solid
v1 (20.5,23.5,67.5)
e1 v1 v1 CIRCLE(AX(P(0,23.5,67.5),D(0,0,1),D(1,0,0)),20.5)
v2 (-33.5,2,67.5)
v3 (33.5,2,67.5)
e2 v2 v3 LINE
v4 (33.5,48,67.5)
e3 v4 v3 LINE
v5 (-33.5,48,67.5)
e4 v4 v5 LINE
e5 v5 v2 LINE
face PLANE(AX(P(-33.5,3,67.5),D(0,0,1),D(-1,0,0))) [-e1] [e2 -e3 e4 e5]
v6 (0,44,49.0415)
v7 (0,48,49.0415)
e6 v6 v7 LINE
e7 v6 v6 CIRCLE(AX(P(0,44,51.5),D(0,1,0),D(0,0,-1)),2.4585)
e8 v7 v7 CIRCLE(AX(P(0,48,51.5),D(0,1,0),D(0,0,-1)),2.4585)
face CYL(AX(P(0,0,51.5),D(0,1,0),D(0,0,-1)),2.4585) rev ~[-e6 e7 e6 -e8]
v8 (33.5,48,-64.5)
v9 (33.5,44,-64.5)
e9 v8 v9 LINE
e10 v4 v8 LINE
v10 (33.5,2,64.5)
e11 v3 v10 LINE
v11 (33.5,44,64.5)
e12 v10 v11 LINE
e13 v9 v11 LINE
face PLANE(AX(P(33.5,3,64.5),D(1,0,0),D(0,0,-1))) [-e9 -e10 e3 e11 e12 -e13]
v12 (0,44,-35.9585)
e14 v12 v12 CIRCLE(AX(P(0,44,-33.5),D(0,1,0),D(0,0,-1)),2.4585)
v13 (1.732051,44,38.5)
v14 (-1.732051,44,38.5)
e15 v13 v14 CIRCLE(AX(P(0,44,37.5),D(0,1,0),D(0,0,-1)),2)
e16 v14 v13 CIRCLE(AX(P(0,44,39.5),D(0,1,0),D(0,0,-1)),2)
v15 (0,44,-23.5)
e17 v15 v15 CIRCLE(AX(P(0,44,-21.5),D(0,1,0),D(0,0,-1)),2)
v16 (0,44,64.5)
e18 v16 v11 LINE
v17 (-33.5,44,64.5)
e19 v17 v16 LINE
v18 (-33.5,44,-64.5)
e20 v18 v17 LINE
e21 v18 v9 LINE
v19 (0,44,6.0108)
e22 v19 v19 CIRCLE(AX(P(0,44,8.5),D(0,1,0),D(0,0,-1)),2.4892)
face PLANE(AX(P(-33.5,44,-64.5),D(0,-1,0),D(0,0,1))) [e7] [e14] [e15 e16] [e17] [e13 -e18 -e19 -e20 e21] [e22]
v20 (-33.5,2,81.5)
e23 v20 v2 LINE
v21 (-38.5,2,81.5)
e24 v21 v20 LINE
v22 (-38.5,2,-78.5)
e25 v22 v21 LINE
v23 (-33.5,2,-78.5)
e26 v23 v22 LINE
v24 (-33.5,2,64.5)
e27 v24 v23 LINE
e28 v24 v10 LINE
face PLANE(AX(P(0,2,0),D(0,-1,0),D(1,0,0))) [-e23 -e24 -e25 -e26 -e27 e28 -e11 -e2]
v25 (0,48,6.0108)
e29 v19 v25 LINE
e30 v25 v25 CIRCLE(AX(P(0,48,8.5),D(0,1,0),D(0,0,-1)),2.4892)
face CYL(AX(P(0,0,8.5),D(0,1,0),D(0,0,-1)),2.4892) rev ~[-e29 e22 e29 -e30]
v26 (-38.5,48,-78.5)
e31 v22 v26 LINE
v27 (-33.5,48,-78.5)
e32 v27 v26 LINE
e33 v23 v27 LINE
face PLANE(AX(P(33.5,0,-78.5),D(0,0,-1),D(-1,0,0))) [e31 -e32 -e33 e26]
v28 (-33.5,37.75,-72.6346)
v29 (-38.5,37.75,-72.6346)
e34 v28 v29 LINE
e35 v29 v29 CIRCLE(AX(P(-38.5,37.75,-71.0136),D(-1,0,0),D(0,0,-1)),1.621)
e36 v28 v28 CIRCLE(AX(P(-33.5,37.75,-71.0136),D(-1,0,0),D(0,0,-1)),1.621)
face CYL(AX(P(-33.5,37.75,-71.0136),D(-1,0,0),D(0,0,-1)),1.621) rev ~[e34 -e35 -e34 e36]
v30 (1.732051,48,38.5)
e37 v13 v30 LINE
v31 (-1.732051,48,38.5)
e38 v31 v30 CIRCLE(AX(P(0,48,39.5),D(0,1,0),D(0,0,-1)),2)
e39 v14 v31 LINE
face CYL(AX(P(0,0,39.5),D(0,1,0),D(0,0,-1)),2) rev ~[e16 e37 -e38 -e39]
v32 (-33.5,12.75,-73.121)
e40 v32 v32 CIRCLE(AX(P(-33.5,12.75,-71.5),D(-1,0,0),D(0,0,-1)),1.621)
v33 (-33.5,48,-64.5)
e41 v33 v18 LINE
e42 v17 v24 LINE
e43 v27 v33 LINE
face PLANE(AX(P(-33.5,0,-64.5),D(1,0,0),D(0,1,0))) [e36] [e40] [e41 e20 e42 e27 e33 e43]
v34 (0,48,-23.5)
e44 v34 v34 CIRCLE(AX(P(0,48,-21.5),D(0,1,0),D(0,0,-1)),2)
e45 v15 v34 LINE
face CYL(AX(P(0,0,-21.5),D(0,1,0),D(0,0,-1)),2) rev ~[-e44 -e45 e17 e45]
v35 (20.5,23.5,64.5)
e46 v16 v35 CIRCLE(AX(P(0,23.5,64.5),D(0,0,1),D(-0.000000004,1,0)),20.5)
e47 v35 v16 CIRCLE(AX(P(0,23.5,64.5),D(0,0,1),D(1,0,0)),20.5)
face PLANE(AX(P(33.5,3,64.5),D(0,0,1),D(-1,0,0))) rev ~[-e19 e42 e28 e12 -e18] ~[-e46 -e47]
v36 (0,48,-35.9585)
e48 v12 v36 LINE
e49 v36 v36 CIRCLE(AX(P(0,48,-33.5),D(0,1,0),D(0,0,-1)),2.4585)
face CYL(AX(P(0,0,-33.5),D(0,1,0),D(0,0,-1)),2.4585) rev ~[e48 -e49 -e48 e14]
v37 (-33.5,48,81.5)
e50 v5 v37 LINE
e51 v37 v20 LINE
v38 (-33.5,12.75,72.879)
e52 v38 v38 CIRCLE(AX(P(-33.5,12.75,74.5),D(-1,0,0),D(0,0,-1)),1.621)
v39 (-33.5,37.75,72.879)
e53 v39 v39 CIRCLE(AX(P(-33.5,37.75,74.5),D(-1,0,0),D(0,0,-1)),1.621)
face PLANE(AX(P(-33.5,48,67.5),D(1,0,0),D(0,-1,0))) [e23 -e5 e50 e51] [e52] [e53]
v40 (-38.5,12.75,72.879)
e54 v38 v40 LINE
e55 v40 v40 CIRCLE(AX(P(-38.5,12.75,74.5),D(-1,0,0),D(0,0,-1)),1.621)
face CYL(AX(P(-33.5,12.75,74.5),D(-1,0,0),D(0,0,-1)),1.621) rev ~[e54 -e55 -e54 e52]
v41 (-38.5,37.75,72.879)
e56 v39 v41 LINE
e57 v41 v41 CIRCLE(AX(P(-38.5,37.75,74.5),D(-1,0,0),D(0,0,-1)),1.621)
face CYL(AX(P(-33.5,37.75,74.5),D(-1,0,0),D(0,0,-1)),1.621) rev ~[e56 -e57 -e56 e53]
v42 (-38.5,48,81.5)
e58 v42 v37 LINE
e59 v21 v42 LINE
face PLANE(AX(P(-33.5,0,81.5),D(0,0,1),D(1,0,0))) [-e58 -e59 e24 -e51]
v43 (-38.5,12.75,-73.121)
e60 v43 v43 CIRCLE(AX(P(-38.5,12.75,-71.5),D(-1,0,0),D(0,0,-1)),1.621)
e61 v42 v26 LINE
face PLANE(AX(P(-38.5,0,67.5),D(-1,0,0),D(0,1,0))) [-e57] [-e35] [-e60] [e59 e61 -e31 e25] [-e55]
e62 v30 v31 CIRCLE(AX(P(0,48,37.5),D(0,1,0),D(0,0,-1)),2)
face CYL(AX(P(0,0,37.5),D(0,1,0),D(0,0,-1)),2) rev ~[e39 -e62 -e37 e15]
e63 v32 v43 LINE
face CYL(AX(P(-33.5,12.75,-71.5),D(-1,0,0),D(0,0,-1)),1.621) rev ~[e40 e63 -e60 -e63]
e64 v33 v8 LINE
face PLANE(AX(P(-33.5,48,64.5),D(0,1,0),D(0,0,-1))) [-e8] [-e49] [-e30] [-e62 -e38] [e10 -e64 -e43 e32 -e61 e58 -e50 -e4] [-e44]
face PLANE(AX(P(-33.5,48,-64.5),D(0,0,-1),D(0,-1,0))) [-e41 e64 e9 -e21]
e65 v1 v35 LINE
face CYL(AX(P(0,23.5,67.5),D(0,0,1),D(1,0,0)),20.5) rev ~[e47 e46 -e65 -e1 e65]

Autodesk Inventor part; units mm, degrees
ref_plane "YZ Plane" through (0, 0, 0) normal (1, 0, 0) x (0, 1, 0)
ref_plane "XZ Plane" through (0, 0, 0) normal (0, 1, 0) x (-1, 0, 0)
ref_plane "XY Plane" through (0, 0, 0) normal (0, 0, 1) x (1, 0, 0)
sketch "Sketch1" plane through (0, 0, 0) normal (0, 1, 0) x (-1, 0, 0)
  line L0 (33.5, 64.5) -> (-33.5, 64.5)
  line L1 (-33.5, 64.5) -> (-33.5, -64.5)
  line L2 (-33.5, -64.5) -> (33.5, -64.5)
  line L3 (33.5, -64.5) -> (33.5, 64.5)
  line L4 (33.5, 64.5) -> (-33.5, -64.5) construction
  line L5 (-33.5, 64.5) -> (33.5, -64.5) construction
  point P0 (0, 0)
  dimension "d0" = 67
  dimension "d1" = 129
extrude "Extrusion1" add sketch "Sketch1" along normal blind 3
sketch "Sketch2" plane through (0, 0, 0) normal (0, -1, 0) x (1, 0, 0)
  circle A0 centre (0, 51.5) radius 3
  line L0 (-2, 39.5) -> (-2, 37.5)
  line L1 (2, 37.5) -> (2, 39.5)
  circle A1 centre (0, 8.5) radius 3.487
  circle A2 centre (0, -21.5) radius 2
  circle A3 centre (0, -33.5) radius 3
  arc A4 (2, 39.5) -> (-2, 39.5) centre (0, 39.5) ccw
  arc A5 (-2, 37.5) -> (2, 37.5) centre (0, 37.5) ccw
  line L2 (-33.5, 64.5) -> (33.5, 64.5) projected
  point P0 (0, 0)
  point P1 (2, 38.5)
  point P2 (-2, 38.5)
  dimension "d4" = 6
  dimension "d7" = 4
  dimension "d8" = 6
  dimension "d9" = 13
  dimension "d10" = 56
  dimension "d11" = 26
  dimension "d12" = 60
  dimension "d13" = 85
hole "Hole1" at (0, 0, 51.5) at (0, 0, -33.5) direction (0, 1, 0) diameter 4.917 depth 17.1 thread size "M6x1" class "6H" standard "ANSI Metric M Profile"
hole "Hole2" at (0, 0, -21.5) at (0, 0, 39.5) at (0, 0, 37.5) direction (0, 1, 0) diameter 4 depth 17.1
hole "Hole3" at (0, 0, 8.5) direction (0, 1, 0) diameter 4.9784 depth 19.05 thread size "1/4-20 UNC" class "2B" standard "ANSI Unified Screw Threads"
sketch "Sketch3" plane through (-33.5, 0, 64.5) normal (0, 0, 1) x (1, 0, 0)
  line L0 (0, 3) -> (67, 3) projected
  line L1 (0, 3) -> (67, 3)
  line L2 (67, 3) -> (67, 0)
  line L3 (67, 0) -> (0, 0)
  line L4 (0, 0) -> (0, 3)
  point P0 (33.5, 0)
extrude "Extrusion2" add sketch "Sketch3" along normal blind 3
sketch "Sketch4" plane through (0, 3, 0) normal (0, 1, 0) x (1, 0, 0)
  line L0 (-33.5, 64.5) -> (-33.5, -67.5) projected
  line L1 (33.5, 64.5) -> (33.5, -67.5) projected
  line L2 (-33.5, -67.5) -> (33.5, -67.5)
  line L3 (33.5, -67.5) -> (33.5, -64.5)
  line L4 (33.5, -64.5) -> (-33.5, -64.5)
  line L5 (-33.5, -64.5) -> (-33.5, -67.5)
  point P0 (0, 0)
  point P1 (-33.5, -64.5)
  dimension "d37" = 3
extrude "Extrusion3" add sketch "Sketch4" along normal blind 45
sketch "Sketch5" plane through (-33.5, 0, 67.5) normal (0, 0, 1) x (1, 0, 0)
  circle A0 centre (33.5, 23.5) radius 20.5
  line L0 (0, 0) -> (67, 0) projected
  line L1 (0, 48) -> (67, 48) projected
  point P0 (33.5, 0)
  point P1 (33.5, 48)
  dimension "d40" = 41
  dimension "d41" = 23.5
extrude "Extrusion4" cut sketch "Sketch5" against normal blind 45
sketch "Sketch6" plane through (-33.5, 0, -64.5) normal (-1, 0, 0) x (0, 0, 1)
  line L0 (0, 0) -> (0, 3) projected
  line L1 (132, 0) -> (0, 0) projected
  line L2 (0, 3) -> (132, 3)
  line L3 (132, 3) -> (132, 0)
  line L4 (132, 0) -> (0, 0)
  line L5 (0, 0) -> (0, 3)
  point P0 (64.5, 0)
extrude "Extrusion5" add sketch "Sketch6" along normal blind 5
sketch "Sketch7" plane through (0, 3, 0) normal (0, 1, 0) x (1, 0, 0)
  line L0 (33.5, -67.5) -> (-38.5, -67.5) projected
  line L1 (33.5, 64.5) -> (-38.5, 64.5) projected
  line L2 (-38.5, -67.5) -> (-33.5, -67.5)
  line L3 (-33.5, -67.5) -> (-33.5, 64.5)
  line L4 (-33.5, 64.5) -> (-38.5, 64.5)
  line L5 (-38.5, 64.5) -> (-38.5, -67.5)
  point P0 (0, 0)
  point P1 (-38.5, 64.5)
  dimension "d46" = 5
extrude "Extrusion6" add sketch "Sketch7" along normal blind 45
sketch "Sketch8" plane through (33.5, 0, -64.5) normal (0, 0, -1) x (-1, 0, 0)
  line L0 (0, 48) -> (67, 48) projected
  line L1 (72, 0) -> (72, 48) projected
  line L2 (67, 48) -> (72, 48)
  line L3 (72, 48) -> (72, 0)
  line L4 (72, 0) -> (67, 0)
  line L5 (67, 0) -> (67, 48)
  point P0 (33.5, 0)
extrude "Extrusion7" add sketch "Sketch8" along normal blind 14
sketch "Sketch9" plane through (-33.5, 0, 67.5) normal (0, 0, 1) x (1, 0, 0)
  line L0 (-5, 0) -> (-5, 48) projected
  line L1 (67, 0) -> (-5, 0) projected
  line L2 (-5, 48) -> (0, 48)
  line L3 (0, 48) -> (0, 0)
  line L4 (0, 0) -> (-5, 0)
  line L5 (-5, 0) -> (-5, 48)
  point P0 (33.5, 0)
  dimension "d51" = 5
extrude "Extrusion8" add sketch "Sketch9" along normal blind 14
sketch "Sketch10" plane through (0, 0, 0) normal (0, -1, 0) x (1, 0, 0)
  line L0 (-33.5, 64.5) -> (-33.5, -78.5) projected
  line L1 (-38.5, 81.5) -> (-33.5, 81.5) projected
  line L2 (-33.5, -78.5) -> (-38.5, -78.5)
  line L3 (-38.5, -78.5) -> (-38.5, 81.5)
  line L4 (-38.5, 81.5) -> (-33.5, 81.5)
  line L5 (-33.5, 81.5) -> (-33.5, -78.5)
  point P0 (0, 0)
sketch "Sketch11" plane through (-33.5, 3, 64.5) normal (1, 0, 0) x (0, 0, -1)
  circle A0 centre (136, 9.75) radius 2
  circle A1 centre (135.5136, 34.75) radius 2
  line L0 (143, -5) -> (-17, -5) projected
  line L1 (143, 45) -> (143, -3) projected
  circle A2 centre (-10, 9.75) radius 2
  circle A3 centre (-10, 34.75) radius 2
  line L2 (-17, 45) -> (-17, -5) projected
  point P0 (64.5, -3)
  dimension "d56" = 4
  dimension "d57" = 4
  dimension "d58" = 14.75
  dimension "d59" = 7
  dimension "d60" = 25
  dimension "d68" = 4
  dimension "d69" = 14.75
  dimension "d70" = 7
  dimension "d71" = 7
  dimension "d72" = 25
hole "Hole4" at (-33.5, 37.75, -71.0136) at (-33.5, 12.75, -71.5) at (-33.5, 37.75, 74.5) at (-33.5, 12.75, 74.5) direction (-1, 0, 0) diameter 3.242 depth 10 tip angle 118 thread size "M4x0.7" class "6H" standard "ANSI Metric M Profile"
sketch "Sketch12" plane through (-33.5, 3, 64.5) normal (1, 0, 0) x (0, 0, -1)
  line L0 (-3, 45) -> (0, 45) projected
  line L1 (0, 45) -> (129, 45)
  line L2 (129, 45) -> (129, 41)
  line L3 (129, 41) -> (0, 41)
  line L4 (0, 41) -> (0, 45)
  point P0 (64.5, -3)
  dimension "d73" = 129
  dimension "d74" = 4
extrude "Extrusion10" add sketch "Sketch12" along normal up to surface (67 mm away)
hole "Hole5" at (0, 0, 51.5) at (0, 0, -33.5) direction (0, 1, 0) diameter 4.917 end through all thread size "M6x1" class "6H" standard "ANSI Metric M Profile"
hole "Hole6" at (0, 0, 8.5) direction (0, 1, 0) diameter 4.9784 end through all thread size "1/4-20 UNC" class "2B" standard "ANSI Unified Screw Threads"
hole "Hole7" at (0, 0, -21.5) at (0, 0, 39.5) at (0, 0, 37.5) direction (0, 1, 0) diameter 4 end through all
sketch "Sketch13" plane through (0, 3, 0) normal (0, 1, 0) x (1, 0, 0)
  line L0 (-33.5, 64.5) -> (-33.5, -64.5) projected
  line L1 (33.5, 64.5) -> (-33.5, 64.5) projected
  line L2 (-33.5, -64.5) -> (33.5, -64.5)
  line L3 (33.5, -64.5) -> (33.5, 64.5)
  line L4 (33.5, 64.5) -> (-33.5, 64.5)
  line L5 (-33.5, 64.5) -> (-33.5, -64.5)
  point P0 (0, 0)
extrude "Extrusion11" cut sketch "Sketch13" against normal blind 10
sketch "Sketch14" plane through (0, 0, 0) normal (0, -1, 0) x (1, 0, 0)
  line L0 (58.5292, 135.8199) -> (-75.2061, 135.8199)
  line L1 (-75.2061, 135.8199) -> (-75.2061, -131.0093)
  line L2 (-75.2061, -131.0093) -> (58.5292, -131.0093)
  line L3 (58.5292, -131.0093) -> (58.5292, 135.8199)
  point P0 (0, 0)
extrude "Extrusion12" cut sketch "Sketch14" against normal blind 2
properties part number "Laser Bracket"
